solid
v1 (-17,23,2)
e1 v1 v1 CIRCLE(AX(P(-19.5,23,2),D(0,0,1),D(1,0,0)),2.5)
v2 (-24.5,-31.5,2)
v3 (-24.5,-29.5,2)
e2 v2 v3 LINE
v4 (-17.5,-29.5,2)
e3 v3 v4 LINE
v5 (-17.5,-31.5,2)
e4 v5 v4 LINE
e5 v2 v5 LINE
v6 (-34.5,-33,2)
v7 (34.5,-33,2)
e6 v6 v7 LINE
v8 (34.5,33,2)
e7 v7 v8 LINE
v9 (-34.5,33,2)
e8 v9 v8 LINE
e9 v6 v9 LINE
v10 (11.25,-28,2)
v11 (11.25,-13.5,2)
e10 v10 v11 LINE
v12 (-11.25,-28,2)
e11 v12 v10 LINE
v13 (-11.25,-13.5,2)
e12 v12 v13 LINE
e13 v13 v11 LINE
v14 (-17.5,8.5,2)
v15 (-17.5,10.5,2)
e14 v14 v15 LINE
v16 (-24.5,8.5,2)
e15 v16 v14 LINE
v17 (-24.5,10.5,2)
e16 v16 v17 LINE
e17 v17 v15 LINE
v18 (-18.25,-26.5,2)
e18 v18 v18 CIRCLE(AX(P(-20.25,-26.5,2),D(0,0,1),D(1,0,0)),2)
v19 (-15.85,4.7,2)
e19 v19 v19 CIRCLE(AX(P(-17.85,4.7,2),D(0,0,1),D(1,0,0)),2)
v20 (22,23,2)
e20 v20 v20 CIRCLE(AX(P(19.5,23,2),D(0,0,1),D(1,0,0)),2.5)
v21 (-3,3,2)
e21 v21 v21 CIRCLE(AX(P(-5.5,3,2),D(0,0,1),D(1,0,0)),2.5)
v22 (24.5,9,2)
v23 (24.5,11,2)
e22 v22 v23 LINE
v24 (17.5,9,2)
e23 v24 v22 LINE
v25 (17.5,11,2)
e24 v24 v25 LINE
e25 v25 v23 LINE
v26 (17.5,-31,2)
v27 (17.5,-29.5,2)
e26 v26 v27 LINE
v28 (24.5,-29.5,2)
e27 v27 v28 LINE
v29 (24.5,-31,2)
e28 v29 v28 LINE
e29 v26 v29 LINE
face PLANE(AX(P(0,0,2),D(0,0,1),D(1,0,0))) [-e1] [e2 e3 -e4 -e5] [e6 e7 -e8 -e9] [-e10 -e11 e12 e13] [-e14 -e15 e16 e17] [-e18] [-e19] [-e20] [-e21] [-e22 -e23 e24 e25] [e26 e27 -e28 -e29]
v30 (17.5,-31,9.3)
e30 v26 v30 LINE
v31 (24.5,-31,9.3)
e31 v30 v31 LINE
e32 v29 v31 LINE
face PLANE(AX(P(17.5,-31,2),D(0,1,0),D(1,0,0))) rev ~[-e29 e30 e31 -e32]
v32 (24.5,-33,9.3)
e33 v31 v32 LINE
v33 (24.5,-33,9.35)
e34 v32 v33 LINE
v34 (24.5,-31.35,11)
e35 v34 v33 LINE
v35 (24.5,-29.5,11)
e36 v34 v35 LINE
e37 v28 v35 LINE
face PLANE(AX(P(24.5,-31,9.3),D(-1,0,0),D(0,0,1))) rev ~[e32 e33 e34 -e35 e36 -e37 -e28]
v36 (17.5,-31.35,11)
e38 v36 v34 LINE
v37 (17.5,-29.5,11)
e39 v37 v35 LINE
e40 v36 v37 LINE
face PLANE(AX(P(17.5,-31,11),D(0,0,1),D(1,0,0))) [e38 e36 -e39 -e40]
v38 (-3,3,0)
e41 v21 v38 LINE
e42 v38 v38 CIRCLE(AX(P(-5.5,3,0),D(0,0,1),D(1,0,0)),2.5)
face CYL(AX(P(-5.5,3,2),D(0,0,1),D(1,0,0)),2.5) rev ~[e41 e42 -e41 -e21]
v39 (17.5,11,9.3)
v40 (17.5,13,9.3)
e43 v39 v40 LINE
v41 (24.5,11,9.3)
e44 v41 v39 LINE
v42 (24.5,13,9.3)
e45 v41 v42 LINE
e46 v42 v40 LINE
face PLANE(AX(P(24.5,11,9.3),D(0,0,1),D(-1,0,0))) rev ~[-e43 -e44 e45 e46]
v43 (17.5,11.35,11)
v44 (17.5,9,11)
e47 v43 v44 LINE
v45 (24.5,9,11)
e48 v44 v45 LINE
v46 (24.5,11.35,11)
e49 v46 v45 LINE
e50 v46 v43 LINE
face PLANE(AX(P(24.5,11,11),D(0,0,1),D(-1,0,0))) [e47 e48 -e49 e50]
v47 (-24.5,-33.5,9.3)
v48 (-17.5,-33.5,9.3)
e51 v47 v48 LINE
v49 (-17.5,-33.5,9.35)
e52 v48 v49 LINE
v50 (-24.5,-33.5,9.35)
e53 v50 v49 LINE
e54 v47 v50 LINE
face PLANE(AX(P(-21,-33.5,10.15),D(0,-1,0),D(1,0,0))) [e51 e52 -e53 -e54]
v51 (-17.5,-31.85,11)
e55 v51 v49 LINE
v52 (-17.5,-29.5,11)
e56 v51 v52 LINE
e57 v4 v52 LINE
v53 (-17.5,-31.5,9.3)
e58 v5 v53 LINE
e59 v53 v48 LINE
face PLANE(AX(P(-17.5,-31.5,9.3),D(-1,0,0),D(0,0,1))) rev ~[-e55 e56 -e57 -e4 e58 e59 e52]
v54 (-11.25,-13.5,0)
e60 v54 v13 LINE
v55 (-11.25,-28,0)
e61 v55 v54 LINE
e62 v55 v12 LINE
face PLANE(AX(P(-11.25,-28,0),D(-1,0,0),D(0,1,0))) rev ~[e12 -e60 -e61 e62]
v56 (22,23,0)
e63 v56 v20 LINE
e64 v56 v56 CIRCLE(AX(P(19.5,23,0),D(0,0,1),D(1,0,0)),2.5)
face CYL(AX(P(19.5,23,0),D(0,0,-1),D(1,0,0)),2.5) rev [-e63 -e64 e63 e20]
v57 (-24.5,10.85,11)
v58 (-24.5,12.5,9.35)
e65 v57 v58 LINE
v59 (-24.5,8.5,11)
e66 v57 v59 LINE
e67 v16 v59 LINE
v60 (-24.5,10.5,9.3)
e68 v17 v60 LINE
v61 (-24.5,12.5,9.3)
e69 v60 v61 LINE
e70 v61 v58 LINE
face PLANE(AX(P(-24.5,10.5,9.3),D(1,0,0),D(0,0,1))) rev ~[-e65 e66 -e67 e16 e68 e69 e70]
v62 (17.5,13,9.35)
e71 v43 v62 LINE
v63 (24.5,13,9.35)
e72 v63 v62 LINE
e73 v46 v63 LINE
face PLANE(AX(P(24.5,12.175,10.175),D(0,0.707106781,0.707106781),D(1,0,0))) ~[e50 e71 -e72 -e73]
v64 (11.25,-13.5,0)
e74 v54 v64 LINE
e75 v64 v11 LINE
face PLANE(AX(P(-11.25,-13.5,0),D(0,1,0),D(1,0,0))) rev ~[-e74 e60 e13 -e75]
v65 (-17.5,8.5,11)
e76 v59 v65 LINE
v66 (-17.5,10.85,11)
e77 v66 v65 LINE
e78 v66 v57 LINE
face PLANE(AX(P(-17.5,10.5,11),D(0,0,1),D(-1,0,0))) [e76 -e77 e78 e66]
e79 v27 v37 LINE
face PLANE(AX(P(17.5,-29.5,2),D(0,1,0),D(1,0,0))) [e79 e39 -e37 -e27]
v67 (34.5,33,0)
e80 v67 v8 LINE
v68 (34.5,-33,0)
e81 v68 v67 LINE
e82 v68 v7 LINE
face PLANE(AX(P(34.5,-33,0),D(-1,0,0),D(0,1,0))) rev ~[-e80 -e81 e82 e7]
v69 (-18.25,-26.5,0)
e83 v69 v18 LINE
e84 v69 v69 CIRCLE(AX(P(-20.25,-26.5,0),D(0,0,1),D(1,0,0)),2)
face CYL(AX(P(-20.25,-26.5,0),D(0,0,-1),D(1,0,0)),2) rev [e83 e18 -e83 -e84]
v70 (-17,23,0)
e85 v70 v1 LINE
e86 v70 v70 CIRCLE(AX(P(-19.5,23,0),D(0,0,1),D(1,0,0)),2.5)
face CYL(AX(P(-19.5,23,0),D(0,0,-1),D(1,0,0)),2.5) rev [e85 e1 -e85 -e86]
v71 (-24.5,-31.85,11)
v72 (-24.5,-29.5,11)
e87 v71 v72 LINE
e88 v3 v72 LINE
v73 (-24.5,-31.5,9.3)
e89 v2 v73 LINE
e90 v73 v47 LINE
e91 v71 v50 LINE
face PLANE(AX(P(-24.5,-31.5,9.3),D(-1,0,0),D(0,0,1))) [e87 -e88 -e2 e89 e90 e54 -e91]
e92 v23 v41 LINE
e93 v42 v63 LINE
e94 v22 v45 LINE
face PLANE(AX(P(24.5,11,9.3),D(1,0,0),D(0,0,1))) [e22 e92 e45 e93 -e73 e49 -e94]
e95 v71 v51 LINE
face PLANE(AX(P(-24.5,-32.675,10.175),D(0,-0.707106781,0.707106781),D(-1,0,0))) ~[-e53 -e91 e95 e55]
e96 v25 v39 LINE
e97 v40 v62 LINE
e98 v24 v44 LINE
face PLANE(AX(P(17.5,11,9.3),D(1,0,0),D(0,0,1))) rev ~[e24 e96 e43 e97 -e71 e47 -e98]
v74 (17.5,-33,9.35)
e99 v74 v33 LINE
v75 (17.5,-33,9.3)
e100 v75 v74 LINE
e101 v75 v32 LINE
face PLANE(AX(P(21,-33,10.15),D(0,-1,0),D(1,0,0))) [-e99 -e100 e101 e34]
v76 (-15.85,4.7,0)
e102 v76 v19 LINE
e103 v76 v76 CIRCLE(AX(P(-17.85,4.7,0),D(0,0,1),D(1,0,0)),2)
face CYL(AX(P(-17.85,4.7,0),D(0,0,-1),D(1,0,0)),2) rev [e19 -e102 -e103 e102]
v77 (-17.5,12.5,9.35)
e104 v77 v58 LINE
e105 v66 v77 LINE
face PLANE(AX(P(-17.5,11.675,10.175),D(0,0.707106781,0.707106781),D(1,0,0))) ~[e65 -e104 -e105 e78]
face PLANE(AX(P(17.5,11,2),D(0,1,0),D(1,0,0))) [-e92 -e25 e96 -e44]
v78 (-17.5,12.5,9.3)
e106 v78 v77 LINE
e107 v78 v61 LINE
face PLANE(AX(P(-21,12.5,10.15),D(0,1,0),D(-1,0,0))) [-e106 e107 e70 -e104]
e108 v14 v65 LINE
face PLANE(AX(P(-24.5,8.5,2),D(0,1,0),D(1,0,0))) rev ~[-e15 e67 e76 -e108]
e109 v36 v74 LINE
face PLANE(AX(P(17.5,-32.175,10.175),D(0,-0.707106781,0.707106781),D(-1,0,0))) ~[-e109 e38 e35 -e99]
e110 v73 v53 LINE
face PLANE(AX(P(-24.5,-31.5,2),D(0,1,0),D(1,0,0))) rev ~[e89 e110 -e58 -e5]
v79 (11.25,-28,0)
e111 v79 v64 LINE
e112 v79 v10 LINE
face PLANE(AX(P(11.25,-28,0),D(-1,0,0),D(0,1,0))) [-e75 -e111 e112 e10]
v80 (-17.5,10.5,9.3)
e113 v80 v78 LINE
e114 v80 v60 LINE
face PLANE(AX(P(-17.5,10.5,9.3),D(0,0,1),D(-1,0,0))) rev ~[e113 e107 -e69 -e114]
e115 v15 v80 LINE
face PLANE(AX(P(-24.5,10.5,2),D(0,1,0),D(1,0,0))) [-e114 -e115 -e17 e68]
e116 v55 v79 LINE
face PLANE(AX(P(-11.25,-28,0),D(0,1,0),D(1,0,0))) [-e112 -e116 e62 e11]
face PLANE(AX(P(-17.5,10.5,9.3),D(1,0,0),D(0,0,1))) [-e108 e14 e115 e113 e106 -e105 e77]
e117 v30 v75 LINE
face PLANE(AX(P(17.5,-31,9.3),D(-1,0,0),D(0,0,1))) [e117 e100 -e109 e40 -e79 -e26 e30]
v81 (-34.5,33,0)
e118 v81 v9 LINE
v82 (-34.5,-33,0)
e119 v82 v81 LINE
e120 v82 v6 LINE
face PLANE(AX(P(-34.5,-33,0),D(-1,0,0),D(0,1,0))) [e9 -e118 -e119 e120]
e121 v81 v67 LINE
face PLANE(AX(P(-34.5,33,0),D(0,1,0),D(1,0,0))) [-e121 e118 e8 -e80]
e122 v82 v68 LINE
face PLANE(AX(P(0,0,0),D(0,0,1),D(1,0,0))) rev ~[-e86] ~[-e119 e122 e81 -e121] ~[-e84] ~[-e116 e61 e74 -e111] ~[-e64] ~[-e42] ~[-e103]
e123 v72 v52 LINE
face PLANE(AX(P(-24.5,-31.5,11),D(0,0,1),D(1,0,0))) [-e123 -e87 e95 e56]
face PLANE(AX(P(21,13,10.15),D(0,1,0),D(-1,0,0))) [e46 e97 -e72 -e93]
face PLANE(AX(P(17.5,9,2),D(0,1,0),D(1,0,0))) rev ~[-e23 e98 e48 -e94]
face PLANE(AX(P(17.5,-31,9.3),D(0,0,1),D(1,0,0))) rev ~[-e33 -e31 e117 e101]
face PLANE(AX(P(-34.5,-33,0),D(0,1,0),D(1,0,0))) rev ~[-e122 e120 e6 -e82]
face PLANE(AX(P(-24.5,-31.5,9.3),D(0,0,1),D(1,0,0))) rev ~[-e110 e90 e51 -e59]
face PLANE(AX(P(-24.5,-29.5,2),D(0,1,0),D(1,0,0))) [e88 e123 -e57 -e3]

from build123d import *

# Parameters (mm, degrees)
SKETCH_W        = 69
SKETCH_H        = 66
SKETCH_R        = 2.5
SKETCH_R_2      = 2
SKETCH_W_2      = 22.5
SKETCH_H_2      = 14.5
PAD_DEPTH       = 2
SKETCH011_R     = 2.5
POCKET_DEPTH    = 2
SKETCH012_W     = 7
SKETCH012_H     = 2
SKETCH012_H_2   = 1.5
PAD001_DEPTH    = 9
SKETCH013_W     = 7
SKETCH013_H     = 1.7
PAD002_DEPTH    = 2
CHAMFER_SIZE    = 1.65
SKETCH014_W     = 7
SKETCH014_H     = 1.7
PAD003_DEPTH    = 2
CHAMFER001_SIZE = 1.65
SKETCH015_W     = 7
SKETCH015_H     = 1.7
PAD004_DEPTH    = 2
CHAMFER002_SIZE = 1.65
SKETCH016_W     = 7
SKETCH016_H     = 1.7
PAD005_DEPTH    = 2
CHAMFER003_SIZE = 1.65


with BuildPart() as part:
    # Sketch → Pad (new body)
    with BuildSketch(Plane.XY):
        Rectangle(SKETCH_W, SKETCH_H)
        with Locations((-19.5, 23)):
            Circle(SKETCH_R, mode=Mode.SUBTRACT)
        with Locations((19.5, 23)):
            Circle(SKETCH_R, mode=Mode.SUBTRACT)
        with Locations((-20.25, -26.5)):
            Circle(SKETCH_R_2, mode=Mode.SUBTRACT)
        with Locations((-17.85, 4.7)):
            Circle(SKETCH_R_2, mode=Mode.SUBTRACT)
        with Locations((0, -20.75)):
            Rectangle(SKETCH_W_2, SKETCH_H_2, mode=Mode.SUBTRACT)
    extrude(amount=PAD_DEPTH)

    # Sketch011 → Pocket (cut)
    with BuildSketch(Plane.XY.offset(2)):
        with Locations((-5.5, 3)):
            Circle(SKETCH011_R)
    extrude(amount=-POCKET_DEPTH, mode=Mode.SUBTRACT)

    # Sketch012 (on Face5 of Pocket) → Pad001 (join)
    with BuildSketch(Plane.XY.offset(2)):
        with Locations((-21, 9.5)):
            Rectangle(SKETCH012_W, SKETCH012_H)
        with Locations((21, -30.25)):
            Rectangle(SKETCH012_W, SKETCH012_H_2)
        with Locations((21, 10)):
            Rectangle(SKETCH012_W, SKETCH012_H)
        with Locations((-21, -30.5)):
            Rectangle(SKETCH012_W, SKETCH012_H)
    extrude(amount=PAD001_DEPTH)

    # Sketch013 (on Face22 of Pad001) → Pad002 (join)
    with BuildSketch(Plane.XZ.offset(31.5)):
        with Locations((-21, 10.15)):
            Rectangle(SKETCH013_W, SKETCH013_H)
    extrude(amount=PAD002_DEPTH)

    # Chamfer
    chamfer_edges = [part.edges().sort_by_distance(p)[0] for p in [
        (-21, -33.5, 11),
    ]]
    chamfer(chamfer_edges, length=CHAMFER_SIZE)

    # Sketch014 (on Face32 of Chamfer) → Pad003 (join)
    with BuildSketch(Plane.XZ.offset(31)):
        with Locations((21, 10.15)):
            Rectangle(SKETCH014_W, SKETCH014_H)
    extrude(amount=PAD003_DEPTH)

    # Chamfer001
    chamfer001_edges = [part.edges().sort_by_distance(p)[0] for p in [
        (21, -33, 11),
    ]]
    chamfer(chamfer001_edges, length=CHAMFER001_SIZE)

    # Sketch015 (on Face16 of Pad001) → Pad004 (join)
    with BuildSketch(Plane(origin=(0, 11, 0), x_dir=(-1, 0, 0), z_dir=(0, 1, 0))):
        with Locations((-21, 10.15)):
            Rectangle(SKETCH015_W, SKETCH015_H)
    extrude(amount=PAD004_DEPTH)

    # Chamfer002
    chamfer002_edges = [part.edges().sort_by_distance(p)[0] for p in [
        (21, 13, 11),
    ]]
    chamfer(chamfer002_edges, length=CHAMFER002_SIZE)

    # Sketch016 (on Face24 of Chamfer002) → Pad005 (join)
    with BuildSketch(Plane(origin=(0, 10.5, 0), x_dir=(-1, 0, 0), z_dir=(0, 1, 0))):
        with Locations((21, 10.15)):
            Rectangle(SKETCH016_W, SKETCH016_H)
    extrude(amount=PAD005_DEPTH)

    # Chamfer003
    chamfer003_edges = [part.edges().sort_by_distance(p)[0] for p in [
        (-21, 12.5, 11),
    ]]
    chamfer(chamfer003_edges, length=CHAMFER003_SIZE)


solid = part.part
